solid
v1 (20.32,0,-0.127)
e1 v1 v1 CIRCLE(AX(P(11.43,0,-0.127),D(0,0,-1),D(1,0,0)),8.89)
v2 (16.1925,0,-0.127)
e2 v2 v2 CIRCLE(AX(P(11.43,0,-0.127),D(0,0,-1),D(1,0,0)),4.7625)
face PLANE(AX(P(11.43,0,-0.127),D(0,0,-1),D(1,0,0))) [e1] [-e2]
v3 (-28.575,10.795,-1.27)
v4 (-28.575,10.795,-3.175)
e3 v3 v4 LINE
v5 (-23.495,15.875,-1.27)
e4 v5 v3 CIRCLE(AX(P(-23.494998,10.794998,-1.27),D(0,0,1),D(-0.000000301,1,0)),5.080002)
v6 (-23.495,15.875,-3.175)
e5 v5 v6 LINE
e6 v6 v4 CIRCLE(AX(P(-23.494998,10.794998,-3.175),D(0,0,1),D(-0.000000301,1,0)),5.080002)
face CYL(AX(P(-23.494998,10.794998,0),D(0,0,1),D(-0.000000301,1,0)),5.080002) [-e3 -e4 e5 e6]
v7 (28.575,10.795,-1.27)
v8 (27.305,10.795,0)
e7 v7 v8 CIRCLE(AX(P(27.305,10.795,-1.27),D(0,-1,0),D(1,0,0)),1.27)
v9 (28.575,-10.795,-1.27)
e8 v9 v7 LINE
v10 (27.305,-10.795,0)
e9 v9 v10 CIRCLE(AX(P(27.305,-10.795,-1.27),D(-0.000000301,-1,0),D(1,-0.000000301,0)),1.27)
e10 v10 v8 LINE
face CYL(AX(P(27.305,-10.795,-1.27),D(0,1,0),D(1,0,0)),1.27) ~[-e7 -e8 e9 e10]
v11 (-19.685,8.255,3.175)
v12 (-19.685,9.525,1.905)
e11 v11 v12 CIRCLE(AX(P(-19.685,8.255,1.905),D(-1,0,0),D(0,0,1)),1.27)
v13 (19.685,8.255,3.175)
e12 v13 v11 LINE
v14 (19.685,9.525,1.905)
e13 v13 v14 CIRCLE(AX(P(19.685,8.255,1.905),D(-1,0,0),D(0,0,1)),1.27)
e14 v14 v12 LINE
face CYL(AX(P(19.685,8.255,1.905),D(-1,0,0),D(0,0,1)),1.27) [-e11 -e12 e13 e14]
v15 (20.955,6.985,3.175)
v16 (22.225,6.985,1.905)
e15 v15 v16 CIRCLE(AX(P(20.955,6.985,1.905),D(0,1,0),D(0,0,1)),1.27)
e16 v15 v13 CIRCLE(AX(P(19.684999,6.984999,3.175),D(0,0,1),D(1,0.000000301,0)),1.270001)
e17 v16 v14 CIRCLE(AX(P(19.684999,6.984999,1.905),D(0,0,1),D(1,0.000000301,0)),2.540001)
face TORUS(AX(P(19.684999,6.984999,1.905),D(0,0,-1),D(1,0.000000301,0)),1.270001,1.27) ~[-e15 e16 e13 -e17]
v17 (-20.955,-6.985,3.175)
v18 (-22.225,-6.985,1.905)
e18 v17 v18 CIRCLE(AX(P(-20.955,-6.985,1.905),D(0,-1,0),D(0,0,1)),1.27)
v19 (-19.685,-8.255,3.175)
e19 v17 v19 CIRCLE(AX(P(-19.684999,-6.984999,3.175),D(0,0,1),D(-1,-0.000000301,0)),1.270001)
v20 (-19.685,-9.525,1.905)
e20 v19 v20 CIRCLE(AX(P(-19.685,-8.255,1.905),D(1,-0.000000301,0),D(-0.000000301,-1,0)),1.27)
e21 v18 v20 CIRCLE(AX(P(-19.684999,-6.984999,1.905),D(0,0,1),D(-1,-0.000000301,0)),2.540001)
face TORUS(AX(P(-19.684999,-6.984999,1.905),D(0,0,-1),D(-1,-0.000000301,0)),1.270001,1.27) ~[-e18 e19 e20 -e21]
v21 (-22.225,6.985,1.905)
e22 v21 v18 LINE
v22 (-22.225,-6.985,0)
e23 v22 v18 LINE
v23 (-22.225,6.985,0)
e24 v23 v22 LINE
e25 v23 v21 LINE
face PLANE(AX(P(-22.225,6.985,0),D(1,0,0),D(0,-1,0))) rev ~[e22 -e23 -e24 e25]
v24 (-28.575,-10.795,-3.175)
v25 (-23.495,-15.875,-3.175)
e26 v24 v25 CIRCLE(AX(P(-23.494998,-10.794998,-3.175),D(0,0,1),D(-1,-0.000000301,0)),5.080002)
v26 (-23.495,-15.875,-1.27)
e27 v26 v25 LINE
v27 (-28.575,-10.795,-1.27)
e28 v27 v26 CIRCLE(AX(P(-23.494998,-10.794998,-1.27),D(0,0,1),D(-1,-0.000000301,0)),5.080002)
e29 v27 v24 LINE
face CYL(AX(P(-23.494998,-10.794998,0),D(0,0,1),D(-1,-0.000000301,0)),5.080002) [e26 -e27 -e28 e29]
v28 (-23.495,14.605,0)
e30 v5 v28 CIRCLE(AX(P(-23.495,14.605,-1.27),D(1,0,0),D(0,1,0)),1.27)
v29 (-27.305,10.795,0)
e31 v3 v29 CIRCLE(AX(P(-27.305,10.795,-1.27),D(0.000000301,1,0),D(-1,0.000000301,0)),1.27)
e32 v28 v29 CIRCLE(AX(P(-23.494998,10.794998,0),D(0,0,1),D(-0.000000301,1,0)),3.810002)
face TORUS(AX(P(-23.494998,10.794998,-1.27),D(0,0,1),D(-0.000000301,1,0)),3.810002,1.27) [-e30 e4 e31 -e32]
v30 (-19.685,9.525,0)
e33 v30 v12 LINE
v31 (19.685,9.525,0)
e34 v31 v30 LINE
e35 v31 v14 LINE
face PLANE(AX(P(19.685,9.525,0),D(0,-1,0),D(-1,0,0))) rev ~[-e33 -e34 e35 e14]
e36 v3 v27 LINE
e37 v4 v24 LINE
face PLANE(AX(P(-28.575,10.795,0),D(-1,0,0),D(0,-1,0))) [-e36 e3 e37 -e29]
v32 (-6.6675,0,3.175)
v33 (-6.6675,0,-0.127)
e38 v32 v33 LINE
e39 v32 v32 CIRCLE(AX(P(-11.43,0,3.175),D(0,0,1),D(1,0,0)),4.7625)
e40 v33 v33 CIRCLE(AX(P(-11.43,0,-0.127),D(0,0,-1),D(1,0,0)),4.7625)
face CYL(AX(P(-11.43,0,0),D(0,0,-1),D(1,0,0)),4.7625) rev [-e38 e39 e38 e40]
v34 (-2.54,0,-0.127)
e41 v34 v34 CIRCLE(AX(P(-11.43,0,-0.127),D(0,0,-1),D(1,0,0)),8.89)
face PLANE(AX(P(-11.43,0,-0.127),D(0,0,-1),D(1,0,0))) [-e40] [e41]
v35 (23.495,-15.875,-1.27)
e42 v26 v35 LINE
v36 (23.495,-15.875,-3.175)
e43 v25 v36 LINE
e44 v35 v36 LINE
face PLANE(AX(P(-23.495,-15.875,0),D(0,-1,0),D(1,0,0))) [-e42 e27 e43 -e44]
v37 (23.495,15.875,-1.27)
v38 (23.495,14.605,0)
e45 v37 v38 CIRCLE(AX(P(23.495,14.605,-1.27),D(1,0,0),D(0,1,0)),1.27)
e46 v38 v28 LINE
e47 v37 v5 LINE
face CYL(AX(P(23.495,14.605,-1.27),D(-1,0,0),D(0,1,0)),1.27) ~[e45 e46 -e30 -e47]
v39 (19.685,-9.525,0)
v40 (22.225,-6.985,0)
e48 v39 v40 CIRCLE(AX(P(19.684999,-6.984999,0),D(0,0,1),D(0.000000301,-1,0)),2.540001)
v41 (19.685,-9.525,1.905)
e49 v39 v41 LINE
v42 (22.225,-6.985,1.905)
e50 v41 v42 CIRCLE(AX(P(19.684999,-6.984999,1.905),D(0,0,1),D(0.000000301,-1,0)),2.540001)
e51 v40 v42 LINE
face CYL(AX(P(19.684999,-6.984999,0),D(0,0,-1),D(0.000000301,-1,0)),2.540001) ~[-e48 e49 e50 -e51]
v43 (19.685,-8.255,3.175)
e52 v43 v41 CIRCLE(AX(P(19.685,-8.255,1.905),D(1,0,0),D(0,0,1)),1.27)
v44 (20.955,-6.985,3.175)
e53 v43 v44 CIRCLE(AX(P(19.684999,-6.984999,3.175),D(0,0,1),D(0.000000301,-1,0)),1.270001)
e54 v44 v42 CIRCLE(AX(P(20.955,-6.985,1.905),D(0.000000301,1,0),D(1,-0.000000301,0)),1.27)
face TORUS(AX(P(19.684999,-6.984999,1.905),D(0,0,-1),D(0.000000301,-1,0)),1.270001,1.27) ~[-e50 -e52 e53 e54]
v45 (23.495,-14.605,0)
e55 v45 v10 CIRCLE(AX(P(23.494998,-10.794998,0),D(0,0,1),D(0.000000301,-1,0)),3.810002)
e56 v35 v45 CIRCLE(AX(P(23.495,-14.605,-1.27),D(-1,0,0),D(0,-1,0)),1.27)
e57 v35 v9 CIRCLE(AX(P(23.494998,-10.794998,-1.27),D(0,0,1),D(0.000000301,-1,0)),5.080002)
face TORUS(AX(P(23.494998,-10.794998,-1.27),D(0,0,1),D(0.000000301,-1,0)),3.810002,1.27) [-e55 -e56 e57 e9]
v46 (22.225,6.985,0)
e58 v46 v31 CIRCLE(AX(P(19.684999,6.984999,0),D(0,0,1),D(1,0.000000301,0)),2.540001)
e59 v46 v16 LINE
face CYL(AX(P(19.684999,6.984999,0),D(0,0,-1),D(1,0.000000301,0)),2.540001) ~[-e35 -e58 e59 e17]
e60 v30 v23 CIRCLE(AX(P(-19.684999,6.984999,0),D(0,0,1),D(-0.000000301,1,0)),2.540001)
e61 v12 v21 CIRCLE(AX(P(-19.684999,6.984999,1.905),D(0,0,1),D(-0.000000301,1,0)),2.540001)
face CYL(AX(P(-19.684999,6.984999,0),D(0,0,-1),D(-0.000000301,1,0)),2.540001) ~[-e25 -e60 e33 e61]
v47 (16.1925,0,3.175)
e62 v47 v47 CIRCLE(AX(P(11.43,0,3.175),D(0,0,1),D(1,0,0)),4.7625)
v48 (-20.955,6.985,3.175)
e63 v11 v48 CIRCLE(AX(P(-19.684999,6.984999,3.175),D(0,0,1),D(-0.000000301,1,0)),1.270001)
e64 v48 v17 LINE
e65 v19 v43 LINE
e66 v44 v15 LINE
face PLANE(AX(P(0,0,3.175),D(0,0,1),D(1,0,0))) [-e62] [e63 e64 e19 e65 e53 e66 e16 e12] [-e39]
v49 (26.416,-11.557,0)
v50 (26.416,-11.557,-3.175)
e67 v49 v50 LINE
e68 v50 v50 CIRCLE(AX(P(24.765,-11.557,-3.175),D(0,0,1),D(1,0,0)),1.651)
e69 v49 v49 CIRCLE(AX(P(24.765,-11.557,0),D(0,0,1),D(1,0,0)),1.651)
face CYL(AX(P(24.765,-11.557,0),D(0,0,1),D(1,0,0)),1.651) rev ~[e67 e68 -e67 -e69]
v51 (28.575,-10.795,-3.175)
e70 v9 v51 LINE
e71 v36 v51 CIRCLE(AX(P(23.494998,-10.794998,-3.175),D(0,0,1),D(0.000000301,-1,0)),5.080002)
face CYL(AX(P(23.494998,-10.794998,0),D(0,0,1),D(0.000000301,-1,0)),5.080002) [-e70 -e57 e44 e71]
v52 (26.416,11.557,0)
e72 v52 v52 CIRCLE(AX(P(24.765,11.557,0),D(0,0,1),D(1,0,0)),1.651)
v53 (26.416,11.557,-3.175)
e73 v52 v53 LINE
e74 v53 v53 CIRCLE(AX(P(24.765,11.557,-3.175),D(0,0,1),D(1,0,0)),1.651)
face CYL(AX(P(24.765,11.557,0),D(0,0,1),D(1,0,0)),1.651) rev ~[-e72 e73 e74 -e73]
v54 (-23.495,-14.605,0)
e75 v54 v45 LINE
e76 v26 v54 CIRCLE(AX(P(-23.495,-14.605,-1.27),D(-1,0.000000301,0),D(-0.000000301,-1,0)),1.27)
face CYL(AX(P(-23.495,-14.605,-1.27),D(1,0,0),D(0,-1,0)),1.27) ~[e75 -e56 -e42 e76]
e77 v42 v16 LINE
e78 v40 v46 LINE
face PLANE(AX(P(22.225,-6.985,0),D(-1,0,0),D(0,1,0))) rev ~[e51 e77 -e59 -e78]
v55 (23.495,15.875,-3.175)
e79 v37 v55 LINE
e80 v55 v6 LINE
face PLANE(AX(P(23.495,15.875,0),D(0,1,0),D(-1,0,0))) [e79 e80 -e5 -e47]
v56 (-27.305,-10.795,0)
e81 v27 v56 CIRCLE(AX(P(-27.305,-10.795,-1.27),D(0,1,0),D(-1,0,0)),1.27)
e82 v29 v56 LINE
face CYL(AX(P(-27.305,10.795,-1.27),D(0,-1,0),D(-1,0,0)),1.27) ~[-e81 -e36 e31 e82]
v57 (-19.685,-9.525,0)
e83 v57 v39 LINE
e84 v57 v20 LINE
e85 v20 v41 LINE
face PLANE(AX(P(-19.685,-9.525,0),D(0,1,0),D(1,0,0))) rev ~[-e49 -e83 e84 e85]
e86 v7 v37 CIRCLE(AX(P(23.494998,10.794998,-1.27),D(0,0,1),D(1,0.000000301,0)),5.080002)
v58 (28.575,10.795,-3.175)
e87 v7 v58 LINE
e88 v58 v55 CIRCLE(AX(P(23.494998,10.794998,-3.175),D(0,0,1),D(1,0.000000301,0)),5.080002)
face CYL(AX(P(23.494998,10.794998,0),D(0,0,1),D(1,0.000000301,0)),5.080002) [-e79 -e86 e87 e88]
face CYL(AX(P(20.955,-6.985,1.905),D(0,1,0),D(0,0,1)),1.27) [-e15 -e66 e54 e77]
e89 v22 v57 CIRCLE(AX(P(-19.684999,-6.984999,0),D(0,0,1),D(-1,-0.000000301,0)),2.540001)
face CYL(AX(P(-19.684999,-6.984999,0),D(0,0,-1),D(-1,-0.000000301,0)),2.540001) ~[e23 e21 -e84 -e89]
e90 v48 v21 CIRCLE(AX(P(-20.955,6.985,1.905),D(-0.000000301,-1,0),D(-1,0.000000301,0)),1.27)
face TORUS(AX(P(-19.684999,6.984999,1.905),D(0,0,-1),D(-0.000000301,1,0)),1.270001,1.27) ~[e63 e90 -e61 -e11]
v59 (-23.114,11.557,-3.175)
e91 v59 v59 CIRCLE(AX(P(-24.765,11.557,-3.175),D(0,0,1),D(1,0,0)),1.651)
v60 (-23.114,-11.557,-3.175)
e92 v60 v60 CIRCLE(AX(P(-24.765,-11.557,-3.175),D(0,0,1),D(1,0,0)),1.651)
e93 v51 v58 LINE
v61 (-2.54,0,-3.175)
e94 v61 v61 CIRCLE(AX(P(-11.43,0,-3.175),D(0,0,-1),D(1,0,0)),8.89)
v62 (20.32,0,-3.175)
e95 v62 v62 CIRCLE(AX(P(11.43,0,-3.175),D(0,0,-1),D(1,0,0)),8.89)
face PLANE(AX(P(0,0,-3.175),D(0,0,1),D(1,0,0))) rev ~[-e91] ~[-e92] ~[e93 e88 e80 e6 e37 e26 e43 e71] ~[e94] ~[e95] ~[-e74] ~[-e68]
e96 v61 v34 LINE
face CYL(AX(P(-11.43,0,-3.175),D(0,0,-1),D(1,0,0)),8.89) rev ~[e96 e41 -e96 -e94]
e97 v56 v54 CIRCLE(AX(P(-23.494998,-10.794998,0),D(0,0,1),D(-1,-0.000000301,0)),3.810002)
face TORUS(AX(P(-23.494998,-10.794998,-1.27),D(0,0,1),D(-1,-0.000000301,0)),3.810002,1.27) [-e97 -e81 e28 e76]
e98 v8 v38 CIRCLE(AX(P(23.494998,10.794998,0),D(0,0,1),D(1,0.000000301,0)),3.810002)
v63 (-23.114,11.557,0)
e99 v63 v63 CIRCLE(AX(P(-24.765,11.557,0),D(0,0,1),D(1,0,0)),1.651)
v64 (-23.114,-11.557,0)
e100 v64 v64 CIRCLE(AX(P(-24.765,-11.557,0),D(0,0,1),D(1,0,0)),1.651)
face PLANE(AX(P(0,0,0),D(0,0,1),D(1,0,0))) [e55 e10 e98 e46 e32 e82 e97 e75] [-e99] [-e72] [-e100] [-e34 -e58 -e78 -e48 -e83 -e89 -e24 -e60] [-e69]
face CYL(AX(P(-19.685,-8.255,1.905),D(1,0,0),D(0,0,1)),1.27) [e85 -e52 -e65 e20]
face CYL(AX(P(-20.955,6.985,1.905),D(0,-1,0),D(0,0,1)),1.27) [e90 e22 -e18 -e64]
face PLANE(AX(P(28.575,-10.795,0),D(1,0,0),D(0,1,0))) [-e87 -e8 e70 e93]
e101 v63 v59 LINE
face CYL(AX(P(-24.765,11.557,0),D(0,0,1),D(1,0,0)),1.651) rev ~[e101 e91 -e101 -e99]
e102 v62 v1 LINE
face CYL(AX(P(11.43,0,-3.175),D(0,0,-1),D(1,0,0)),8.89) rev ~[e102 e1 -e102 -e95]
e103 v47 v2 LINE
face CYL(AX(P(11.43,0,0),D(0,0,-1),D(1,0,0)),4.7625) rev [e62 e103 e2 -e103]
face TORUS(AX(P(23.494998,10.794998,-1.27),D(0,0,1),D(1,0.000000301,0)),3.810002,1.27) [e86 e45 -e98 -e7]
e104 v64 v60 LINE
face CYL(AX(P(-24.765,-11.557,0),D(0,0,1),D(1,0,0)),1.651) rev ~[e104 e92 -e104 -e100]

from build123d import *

# Parameters (mm, degrees)
F0_R     = 1.651
F0_R_2   = 4.7625
F1_DEPTH = 3.175
F2_DEPTH = 3.175
F3_R     = 1.27
F4_R     = 8.89
F5_DEPTH = 3.048


with BuildPart() as f1:
    # F0 (on Top) → F1 (new body)
    with BuildSketch(Plane.XY):
        with BuildLine():
            Line((-23.495, -15.875), (23.495, -15.875))
            ThreePointArc((23.495, -15.875), (27.087102, -14.387102), (28.575, -10.795))
            Line((28.575, -10.795), (28.575, 10.795))
            ThreePointArc((28.575, 10.795), (27.087102, 14.387102), (23.495, 15.875))
            Line((23.495, 15.875), (-23.495, 15.875))
            ThreePointArc((-23.495, 15.875), (-27.087102, 14.387102), (-28.575, 10.795))
            Line((-28.575, 10.795), (-28.575, -10.795))
            ThreePointArc((-28.575, -10.795), (-27.087102, -14.387102), (-23.495, -15.875))
        make_face()
        with Locations((-24.765, -11.557)):
            Circle(F0_R, mode=Mode.SUBTRACT)
        with Locations((24.765, -11.557)):
            Circle(F0_R, mode=Mode.SUBTRACT)
        with Locations((-24.765, 11.557)):
            Circle(F0_R, mode=Mode.SUBTRACT)
        with BuildLine():
            Line((-19.685, 9.525), (19.685, 9.525))
            ThreePointArc((19.685, 9.525), (21.481051, 8.781051), (22.225, 6.985))
            Line((22.225, 6.985), (22.225, -6.985))
            ThreePointArc((22.225, -6.985), (21.481051, -8.781051), (19.685, -9.525))
            Line((19.685, -9.525), (-19.685, -9.525))
            ThreePointArc((-19.685, -9.525), (-21.481051, -8.781051), (-22.225, -6.985))
            Line((-22.225, -6.985), (-22.225, 6.985))
            ThreePointArc((-22.225, 6.985), (-21.481051, 8.781051), (-19.685, 9.525))
        make_face(mode=Mode.SUBTRACT)
        with Locations((24.765, 11.557)):
            Circle(F0_R, mode=Mode.SUBTRACT)
        with BuildLine():
            ThreePointArc((22.225, 6.985), (21.481051, 8.781051), (19.685, 9.525))
            Line((19.685, 9.525), (-19.685, 9.525))
            ThreePointArc((-19.685, 9.525), (-21.481051, 8.781051), (-22.225, 6.985))
            Line((-22.225, 6.985), (-22.225, -6.985))
            ThreePointArc((-22.225, -6.985), (-21.481051, -8.781051), (-19.685, -9.525))
            Line((-19.685, -9.525), (19.685, -9.525))
            ThreePointArc((19.685, -9.525), (21.481051, -8.781051), (22.225, -6.985))
            Line((22.225, -6.985), (22.225, 6.985))
        make_face()
        with Locations((-11.43, 0)):
            Circle(F0_R_2, mode=Mode.SUBTRACT)
        with Locations((11.43, 0)):
            Circle(F0_R_2, mode=Mode.SUBTRACT)
    extrude(amount=-F1_DEPTH)

    # F0 (on Top) → F2 (join)
    with BuildSketch(Plane.XY):
        with BuildLine():
            ThreePointArc((22.225, 6.985), (21.481051, 8.781051), (19.685, 9.525))
            Line((19.685, 9.525), (-19.685, 9.525))
            ThreePointArc((-19.685, 9.525), (-21.481051, 8.781051), (-22.225, 6.985))
            Line((-22.225, 6.985), (-22.225, -6.985))
            ThreePointArc((-22.225, -6.985), (-21.481051, -8.781051), (-19.685, -9.525))
            Line((-19.685, -9.525), (19.685, -9.525))
            ThreePointArc((19.685, -9.525), (21.481051, -8.781051), (22.225, -6.985))
            Line((22.225, -6.985), (22.225, 6.985))
        make_face()
        with Locations((-11.43, 0)):
            Circle(F0_R_2, mode=Mode.SUBTRACT)
        with Locations((11.43, 0)):
            Circle(F0_R_2, mode=Mode.SUBTRACT)
    extrude(amount=F2_DEPTH)

    # F3
    f3_edges = [f1.edges().sort_by_distance(p)[0] for p in [
        (0, 9.525, 3.175),
        (0, 15.875, 0),
    ]]
    fillet(f3_edges, radius=F3_R)

    # F4 (on face) → F5 (cut)
    with BuildSketch(Plane(origin=(0, 0, -3.175), x_dir=(1, 0, 0), z_dir=(0, 0, -1))):
        with Locations((-11.43, 0)):
            Circle(F4_R)
        with Locations((11.43, 0)):
            Circle(F4_R)
    extrude(amount=-F5_DEPTH, mode=Mode.SUBTRACT)


solid = f1.part
